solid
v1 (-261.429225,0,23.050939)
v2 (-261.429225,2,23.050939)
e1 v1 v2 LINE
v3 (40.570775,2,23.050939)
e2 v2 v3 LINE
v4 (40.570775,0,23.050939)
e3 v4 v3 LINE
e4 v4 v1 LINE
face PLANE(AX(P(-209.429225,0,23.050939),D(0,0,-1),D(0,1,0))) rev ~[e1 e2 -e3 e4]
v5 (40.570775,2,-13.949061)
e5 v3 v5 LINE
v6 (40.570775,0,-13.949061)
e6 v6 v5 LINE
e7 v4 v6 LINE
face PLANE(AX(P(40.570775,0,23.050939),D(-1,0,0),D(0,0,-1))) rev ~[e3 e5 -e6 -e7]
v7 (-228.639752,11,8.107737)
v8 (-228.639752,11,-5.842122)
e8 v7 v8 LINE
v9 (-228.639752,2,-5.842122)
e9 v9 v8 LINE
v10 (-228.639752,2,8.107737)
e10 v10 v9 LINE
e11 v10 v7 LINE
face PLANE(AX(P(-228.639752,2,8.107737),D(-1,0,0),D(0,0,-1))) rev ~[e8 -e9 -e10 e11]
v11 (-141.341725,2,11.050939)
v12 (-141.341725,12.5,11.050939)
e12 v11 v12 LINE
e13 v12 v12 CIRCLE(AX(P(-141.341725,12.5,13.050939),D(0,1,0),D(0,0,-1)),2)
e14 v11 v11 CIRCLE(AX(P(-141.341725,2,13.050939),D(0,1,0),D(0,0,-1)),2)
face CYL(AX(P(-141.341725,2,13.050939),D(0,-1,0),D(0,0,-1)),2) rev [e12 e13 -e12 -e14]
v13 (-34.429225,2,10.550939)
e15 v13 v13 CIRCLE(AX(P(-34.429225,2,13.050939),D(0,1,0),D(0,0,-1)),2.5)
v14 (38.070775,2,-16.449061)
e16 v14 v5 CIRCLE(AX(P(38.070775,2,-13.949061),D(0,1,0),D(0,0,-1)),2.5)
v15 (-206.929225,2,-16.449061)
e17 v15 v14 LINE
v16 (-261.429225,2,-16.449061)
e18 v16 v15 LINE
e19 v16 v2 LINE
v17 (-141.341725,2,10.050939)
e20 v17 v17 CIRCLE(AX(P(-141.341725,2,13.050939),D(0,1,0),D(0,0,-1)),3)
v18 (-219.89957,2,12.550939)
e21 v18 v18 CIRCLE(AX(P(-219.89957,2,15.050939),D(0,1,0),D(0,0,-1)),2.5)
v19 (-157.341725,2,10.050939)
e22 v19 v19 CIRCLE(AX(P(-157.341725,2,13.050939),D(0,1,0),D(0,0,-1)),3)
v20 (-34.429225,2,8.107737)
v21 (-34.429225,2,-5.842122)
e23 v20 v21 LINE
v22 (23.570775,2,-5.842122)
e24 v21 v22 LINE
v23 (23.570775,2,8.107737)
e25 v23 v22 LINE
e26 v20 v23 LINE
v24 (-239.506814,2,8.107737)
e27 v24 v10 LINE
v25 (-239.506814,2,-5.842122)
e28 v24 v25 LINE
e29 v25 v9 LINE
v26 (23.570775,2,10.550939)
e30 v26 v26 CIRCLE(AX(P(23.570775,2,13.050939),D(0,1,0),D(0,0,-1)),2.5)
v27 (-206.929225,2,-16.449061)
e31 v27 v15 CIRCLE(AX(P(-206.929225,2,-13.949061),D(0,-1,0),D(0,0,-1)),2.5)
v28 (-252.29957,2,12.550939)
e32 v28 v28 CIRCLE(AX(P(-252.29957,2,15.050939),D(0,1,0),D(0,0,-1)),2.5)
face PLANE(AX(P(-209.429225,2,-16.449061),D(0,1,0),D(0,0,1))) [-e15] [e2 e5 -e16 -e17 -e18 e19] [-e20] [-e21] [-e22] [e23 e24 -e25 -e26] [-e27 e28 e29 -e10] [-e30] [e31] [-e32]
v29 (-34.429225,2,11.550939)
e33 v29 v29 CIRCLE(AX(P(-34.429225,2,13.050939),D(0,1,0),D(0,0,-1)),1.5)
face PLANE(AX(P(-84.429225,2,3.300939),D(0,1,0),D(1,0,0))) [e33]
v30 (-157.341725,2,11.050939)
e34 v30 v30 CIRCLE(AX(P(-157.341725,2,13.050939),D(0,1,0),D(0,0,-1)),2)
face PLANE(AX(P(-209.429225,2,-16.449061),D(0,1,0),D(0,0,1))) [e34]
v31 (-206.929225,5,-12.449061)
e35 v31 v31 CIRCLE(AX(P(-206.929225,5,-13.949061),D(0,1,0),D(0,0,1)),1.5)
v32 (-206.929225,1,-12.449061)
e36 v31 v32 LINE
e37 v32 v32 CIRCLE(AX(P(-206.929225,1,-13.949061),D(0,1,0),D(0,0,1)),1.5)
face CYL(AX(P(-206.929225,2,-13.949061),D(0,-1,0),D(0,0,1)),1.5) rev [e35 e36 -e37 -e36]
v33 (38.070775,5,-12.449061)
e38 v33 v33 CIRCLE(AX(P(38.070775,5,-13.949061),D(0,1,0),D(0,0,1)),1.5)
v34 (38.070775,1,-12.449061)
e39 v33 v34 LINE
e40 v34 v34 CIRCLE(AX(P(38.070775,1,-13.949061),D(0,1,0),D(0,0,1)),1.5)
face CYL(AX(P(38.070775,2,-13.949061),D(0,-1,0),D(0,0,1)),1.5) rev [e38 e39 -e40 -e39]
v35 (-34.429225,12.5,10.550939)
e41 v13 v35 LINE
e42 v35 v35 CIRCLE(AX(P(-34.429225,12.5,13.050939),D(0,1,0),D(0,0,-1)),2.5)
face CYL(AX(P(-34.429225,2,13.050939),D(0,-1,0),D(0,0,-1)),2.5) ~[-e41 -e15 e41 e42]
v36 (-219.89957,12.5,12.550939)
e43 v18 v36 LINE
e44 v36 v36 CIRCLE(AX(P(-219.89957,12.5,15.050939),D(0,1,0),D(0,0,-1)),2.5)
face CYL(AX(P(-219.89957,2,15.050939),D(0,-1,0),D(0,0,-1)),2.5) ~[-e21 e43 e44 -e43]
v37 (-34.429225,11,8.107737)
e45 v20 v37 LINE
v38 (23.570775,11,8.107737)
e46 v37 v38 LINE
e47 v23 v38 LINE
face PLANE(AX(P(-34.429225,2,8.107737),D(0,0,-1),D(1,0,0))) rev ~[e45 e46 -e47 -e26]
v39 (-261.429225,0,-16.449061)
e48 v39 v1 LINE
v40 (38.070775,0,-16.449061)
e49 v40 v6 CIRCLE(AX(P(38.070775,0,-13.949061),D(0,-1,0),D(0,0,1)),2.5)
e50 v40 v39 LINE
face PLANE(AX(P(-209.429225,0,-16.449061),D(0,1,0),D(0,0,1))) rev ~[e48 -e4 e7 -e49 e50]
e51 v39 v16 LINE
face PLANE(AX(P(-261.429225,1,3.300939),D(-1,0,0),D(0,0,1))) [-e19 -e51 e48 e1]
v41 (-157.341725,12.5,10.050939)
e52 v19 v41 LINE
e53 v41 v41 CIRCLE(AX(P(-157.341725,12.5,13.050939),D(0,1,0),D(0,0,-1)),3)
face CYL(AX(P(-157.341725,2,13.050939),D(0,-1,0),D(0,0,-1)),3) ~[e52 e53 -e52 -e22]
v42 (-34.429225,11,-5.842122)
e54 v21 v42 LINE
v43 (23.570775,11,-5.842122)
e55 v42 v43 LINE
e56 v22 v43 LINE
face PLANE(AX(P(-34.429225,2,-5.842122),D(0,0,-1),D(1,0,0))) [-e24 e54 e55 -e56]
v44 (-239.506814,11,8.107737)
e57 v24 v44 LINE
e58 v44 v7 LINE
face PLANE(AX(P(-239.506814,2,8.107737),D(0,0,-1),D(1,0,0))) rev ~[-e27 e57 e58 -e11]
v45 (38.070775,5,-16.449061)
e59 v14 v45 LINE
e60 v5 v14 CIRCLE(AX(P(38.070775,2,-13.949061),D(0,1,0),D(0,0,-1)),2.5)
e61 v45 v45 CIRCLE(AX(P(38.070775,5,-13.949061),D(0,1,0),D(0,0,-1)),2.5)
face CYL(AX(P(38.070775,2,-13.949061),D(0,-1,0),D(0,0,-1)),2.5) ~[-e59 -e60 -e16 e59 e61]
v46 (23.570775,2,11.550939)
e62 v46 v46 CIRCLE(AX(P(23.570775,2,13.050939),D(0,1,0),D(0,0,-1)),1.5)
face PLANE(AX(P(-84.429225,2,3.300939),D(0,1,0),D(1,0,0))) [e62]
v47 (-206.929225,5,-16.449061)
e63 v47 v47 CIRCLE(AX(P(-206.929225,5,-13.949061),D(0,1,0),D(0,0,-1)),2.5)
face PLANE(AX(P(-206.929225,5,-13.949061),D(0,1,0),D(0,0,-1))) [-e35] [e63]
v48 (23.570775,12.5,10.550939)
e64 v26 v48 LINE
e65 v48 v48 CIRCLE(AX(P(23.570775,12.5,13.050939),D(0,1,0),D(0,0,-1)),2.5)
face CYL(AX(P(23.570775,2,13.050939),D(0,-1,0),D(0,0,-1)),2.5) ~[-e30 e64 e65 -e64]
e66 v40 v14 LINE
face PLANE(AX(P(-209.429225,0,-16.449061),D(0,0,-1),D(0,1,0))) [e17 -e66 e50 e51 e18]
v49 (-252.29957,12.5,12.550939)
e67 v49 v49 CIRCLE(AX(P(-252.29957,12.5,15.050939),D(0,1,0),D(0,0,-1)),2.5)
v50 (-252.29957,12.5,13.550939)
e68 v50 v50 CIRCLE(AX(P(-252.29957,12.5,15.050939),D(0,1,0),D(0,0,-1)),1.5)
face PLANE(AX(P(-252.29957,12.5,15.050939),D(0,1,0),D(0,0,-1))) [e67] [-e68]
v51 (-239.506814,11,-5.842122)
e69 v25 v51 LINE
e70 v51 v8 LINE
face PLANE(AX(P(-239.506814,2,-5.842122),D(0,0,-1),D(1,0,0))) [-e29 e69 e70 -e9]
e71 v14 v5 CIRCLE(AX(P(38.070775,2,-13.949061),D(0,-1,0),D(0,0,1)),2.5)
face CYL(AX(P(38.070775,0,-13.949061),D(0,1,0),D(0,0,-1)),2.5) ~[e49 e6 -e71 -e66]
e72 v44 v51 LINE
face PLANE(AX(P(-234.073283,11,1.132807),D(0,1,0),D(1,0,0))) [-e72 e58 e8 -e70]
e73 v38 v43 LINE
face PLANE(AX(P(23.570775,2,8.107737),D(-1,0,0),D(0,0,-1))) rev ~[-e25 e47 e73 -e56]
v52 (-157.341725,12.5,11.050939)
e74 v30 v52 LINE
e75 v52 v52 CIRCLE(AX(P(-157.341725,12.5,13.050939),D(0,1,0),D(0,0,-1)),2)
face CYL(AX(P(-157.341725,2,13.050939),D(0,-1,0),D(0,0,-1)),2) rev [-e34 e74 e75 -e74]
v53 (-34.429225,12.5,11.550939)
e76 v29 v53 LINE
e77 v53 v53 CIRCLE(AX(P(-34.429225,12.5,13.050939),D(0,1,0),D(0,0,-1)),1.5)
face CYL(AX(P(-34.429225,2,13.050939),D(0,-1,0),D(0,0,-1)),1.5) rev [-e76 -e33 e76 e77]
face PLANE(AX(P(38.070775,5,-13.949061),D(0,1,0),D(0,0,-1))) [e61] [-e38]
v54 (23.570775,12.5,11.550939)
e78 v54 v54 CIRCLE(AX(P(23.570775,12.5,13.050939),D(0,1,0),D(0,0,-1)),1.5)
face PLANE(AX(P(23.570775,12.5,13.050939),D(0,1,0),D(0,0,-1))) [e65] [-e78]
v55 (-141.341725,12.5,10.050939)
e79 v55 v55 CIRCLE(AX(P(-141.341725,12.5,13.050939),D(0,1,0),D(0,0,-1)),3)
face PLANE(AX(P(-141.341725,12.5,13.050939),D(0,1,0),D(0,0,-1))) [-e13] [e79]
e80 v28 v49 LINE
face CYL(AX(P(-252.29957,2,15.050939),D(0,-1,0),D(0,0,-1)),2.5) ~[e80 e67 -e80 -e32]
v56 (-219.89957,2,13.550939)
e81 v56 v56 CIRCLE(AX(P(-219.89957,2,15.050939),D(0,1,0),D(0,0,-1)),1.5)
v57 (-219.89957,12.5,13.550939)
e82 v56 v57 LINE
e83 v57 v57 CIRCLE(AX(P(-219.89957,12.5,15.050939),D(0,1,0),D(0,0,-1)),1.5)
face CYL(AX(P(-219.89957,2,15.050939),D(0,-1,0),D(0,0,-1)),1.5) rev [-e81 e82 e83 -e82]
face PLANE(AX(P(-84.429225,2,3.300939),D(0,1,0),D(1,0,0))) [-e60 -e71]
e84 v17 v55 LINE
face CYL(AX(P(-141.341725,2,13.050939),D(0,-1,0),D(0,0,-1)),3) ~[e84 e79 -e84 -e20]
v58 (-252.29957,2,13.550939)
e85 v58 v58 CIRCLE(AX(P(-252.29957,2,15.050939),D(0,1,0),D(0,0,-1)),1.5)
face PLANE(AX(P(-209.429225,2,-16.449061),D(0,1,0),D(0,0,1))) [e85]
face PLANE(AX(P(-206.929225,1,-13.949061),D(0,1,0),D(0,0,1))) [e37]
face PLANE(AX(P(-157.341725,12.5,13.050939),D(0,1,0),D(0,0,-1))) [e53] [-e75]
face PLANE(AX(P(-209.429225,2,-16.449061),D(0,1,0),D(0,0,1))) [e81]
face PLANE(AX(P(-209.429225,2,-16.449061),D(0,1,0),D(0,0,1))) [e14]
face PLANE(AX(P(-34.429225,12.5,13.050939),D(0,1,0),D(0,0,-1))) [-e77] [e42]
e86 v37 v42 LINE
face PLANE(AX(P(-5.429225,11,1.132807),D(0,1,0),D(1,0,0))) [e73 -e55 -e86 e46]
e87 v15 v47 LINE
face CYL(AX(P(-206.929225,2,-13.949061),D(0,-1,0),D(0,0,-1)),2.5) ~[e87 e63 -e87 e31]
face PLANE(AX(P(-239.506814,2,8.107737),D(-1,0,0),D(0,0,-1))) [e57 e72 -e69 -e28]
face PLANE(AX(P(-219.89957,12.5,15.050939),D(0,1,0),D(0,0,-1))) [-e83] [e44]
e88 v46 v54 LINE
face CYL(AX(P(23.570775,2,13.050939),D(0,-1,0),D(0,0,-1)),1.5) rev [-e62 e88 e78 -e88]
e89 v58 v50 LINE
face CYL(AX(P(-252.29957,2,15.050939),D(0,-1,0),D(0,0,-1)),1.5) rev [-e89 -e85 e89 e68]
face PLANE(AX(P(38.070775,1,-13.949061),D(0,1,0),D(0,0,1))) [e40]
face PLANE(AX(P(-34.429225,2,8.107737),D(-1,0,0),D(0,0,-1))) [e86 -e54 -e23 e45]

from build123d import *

# Parameters (mm, degrees)
SKETCH_1_W          = 250
SKETCH_1_H          = 39.5
EXTRUDE_1_DEPTH     = 2
SKETCH_2_R          = 2.5
SKETCH_2_R_2        = 1.5
EXTRUDE_2_DEPTH     = 3
FILLET_1_R          = 2.5
SKETCH_6_R          = 2.5
SKETCH_6_R_2        = 1.5
EXTRUDE_3_DEPTH     = 3
CUT_EXTRUDE_START   = -1
SKETCH_7_R          = 1.5
CUT_EXTRUDE_1_DEPTH = 1
SKETCH_8_R          = 1.5
CUT_EXTRUDE_2_DEPTH = 1
SKETCH_9_R          = 2.5
SKETCH_9_R_2        = 1.5
EXTRUDE_5_DEPTH     = 10.5
SKETCH_10_W         = 39.5
SKETCH_10_H         = 2
EXTRUDE_6_DEPTH     = 52
SKETCH_11_R         = 2.5
SKETCH_11_R_2       = 1.5
EXTRUDE_7_DEPTH     = 10.5
SKETCH_13_W         = 58
SKETCH_13_H         = 13.949858628
SKETCH_13_W_2       = 10.867061712
EXTRUDE_8_DEPTH     = 9
SKETCH_14_R         = 3
SKETCH_14_R_2       = 2
EXTRUDE_9_DEPTH     = 10.5


with BuildPart() as part:
    # 草图1 → 凸台-拉伸1 (new body)
    with BuildSketch(Plane(origin=(0, 0, 0), x_dir=(1, 0, 0), z_dir=(0, 1, 0))):
        with Locations((-84.429225121, -3.30093938)):
            Rectangle(SKETCH_1_W, SKETCH_1_H)
    extrude(amount=EXTRUDE_1_DEPTH)

    # 草图2 → 凸台-拉伸2 (add)
    with BuildSketch(Plane(origin=(0, 2, 0), x_dir=(1, 0, 0), z_dir=(0, 1, 0))):
        with Locations(Location((38.070774879, 13.94906062, 0), (0, 0, 90))):
            Circle(SKETCH_2_R)
        with Locations(Location((38.070774879, 13.94906062, 0), (0, 0, 270))):
            Circle(SKETCH_2_R_2, mode=Mode.SUBTRACT)
    extrude(amount=EXTRUDE_2_DEPTH)

    # 圆角1
    fillet_1_edges = [part.edges().sort_by_distance(p)[0] for p in [
        (40.570774879, 1, -16.44906062),
    ]]
    fillet(fillet_1_edges, radius=FILLET_1_R)

    # 草图6 → 凸台-拉伸3 (add)
    with BuildSketch(Plane(origin=(0, 2, 0), x_dir=(1, 0, 0), z_dir=(0, 1, 0))):
        with Locations(Location((-206.929225121, 13.94906062, 0), (0, 0, 90))):
            Circle(SKETCH_6_R)
        with Locations(Location((-206.929225121, 13.94906062, 0), (0, 0, 270))):
            Circle(SKETCH_6_R_2, mode=Mode.SUBTRACT)
    extrude(amount=EXTRUDE_3_DEPTH)

    # 草图7 → 切除-拉伸1 (cut)
    with BuildSketch(Plane(origin=(0, 2, 0), x_dir=(1, 0, 0), z_dir=(0, 1, 0)).offset(CUT_EXTRUDE_START)):
        with Locations(Location((38.070774879, 13.94906062, 0), (0, 0, 270))):
            Circle(SKETCH_7_R)
    extrude(amount=CUT_EXTRUDE_1_DEPTH, mode=Mode.SUBTRACT)

    # 草图8 → 切除-拉伸2 (cut)
    with BuildSketch(Plane(origin=(0, 2, 0), x_dir=(1, 0, 0), z_dir=(0, 1, 0)).offset(CUT_EXTRUDE_START)):
        with Locations(Location((-206.929225121, 13.94906062, 0), (0, 0, 270))):
            Circle(SKETCH_8_R)
    extrude(amount=CUT_EXTRUDE_2_DEPTH, mode=Mode.SUBTRACT)

    # 草图9 → 凸台-拉伸5 (add)
    # profile 1 of 2: a face of its own
    with BuildSketch(Plane(origin=(0, 2, 0), x_dir=(1, 0, 0), z_dir=(0, 1, 0))):
        with Locations(Location((23.570774879, -13.05093938, 0), (0, 0, 90))):
            Circle(SKETCH_9_R)
        with Locations(Location((23.570774879, -13.05093938, 0), (0, 0, 90))):
            Circle(SKETCH_9_R_2, mode=Mode.SUBTRACT)
    # profile 2 of 2: a face of its own
    with BuildSketch(Plane(origin=(0, 2, 0), x_dir=(1, 0, 0), z_dir=(0, 1, 0))):
        with Locations(Location((-34.429225121, -13.05093938, 0), (0, 0, 90))):
            Circle(SKETCH_9_R)
        with Locations(Location((-34.429225121, -13.05093938, 0), (0, 0, 90))):
            Circle(SKETCH_9_R_2, mode=Mode.SUBTRACT)
    extrude(amount=EXTRUDE_5_DEPTH)

    # 草图10 → 凸台-拉伸6 (add)
    with BuildSketch(Plane.ZY.offset(209.429225121)):
        with Locations((3.30093938, 1)):
            Rectangle(SKETCH_10_W, SKETCH_10_H)
    extrude(amount=EXTRUDE_6_DEPTH)

    # 草图11 → 凸台-拉伸7 (add)
    # profile 1 of 2: a face of its own
    with BuildSketch(Plane(origin=(0, 2, 0), x_dir=(1, 0, 0), z_dir=(0, 1, 0))):
        with Locations(Location((-252.299570288, -15.05093938, 0), (0, 0, 90))):
            Circle(SKETCH_11_R)
        with Locations(Location((-252.299570288, -15.05093938, 0), (0, 0, 90))):
            Circle(SKETCH_11_R_2, mode=Mode.SUBTRACT)
    # profile 2 of 2: a face of its own
    with BuildSketch(Plane(origin=(0, 2, 0), x_dir=(1, 0, 0), z_dir=(0, 1, 0))):
        with Locations(Location((-219.899570288, -15.05093938, 0), (0, 0, 90))):
            Circle(SKETCH_11_R)
        with Locations(Location((-219.899570288, -15.05093938, 0), (0, 0, 90))):
            Circle(SKETCH_11_R_2, mode=Mode.SUBTRACT)
    extrude(amount=EXTRUDE_7_DEPTH)

    # 草图13 → 凸台-拉伸8 (add)
    with BuildSketch(Plane(origin=(0, 2, 0), x_dir=(1, 0, 0), z_dir=(0, 1, 0))):
        with Locations((-5.429225121, -1.132807322)):
            Rectangle(SKETCH_13_W, SKETCH_13_H)
        with Locations((-234.073282944, -1.132807322)):
            Rectangle(SKETCH_13_W_2, SKETCH_13_H)
    extrude(amount=EXTRUDE_8_DEPTH)

    # 草图14 → 凸台-拉伸9 (add)
    # profile 1 of 2: a face of its own
    with BuildSketch(Plane(origin=(0, 2, 0), x_dir=(1, 0, 0), z_dir=(0, 1, 0))):
        with Locations(Location((-141.341724895, -13.05093938, 0), (0, 0, 90))):
            Circle(SKETCH_14_R)
        with Locations(Location((-141.341724895, -13.05093938, 0), (0, 0, 90))):
            Circle(SKETCH_14_R_2, mode=Mode.SUBTRACT)
    # profile 2 of 2: a face of its own
    with BuildSketch(Plane(origin=(0, 2, 0), x_dir=(1, 0, 0), z_dir=(0, 1, 0))):
        with Locations(Location((-157.341724895, -13.05093938, 0), (0, 0, 90))):
            Circle(SKETCH_14_R)
        with Locations(Location((-157.341724895, -13.05093938, 0), (0, 0, 90))):
            Circle(SKETCH_14_R_2, mode=Mode.SUBTRACT)
    extrude(amount=EXTRUDE_9_DEPTH)


solid = part.part
